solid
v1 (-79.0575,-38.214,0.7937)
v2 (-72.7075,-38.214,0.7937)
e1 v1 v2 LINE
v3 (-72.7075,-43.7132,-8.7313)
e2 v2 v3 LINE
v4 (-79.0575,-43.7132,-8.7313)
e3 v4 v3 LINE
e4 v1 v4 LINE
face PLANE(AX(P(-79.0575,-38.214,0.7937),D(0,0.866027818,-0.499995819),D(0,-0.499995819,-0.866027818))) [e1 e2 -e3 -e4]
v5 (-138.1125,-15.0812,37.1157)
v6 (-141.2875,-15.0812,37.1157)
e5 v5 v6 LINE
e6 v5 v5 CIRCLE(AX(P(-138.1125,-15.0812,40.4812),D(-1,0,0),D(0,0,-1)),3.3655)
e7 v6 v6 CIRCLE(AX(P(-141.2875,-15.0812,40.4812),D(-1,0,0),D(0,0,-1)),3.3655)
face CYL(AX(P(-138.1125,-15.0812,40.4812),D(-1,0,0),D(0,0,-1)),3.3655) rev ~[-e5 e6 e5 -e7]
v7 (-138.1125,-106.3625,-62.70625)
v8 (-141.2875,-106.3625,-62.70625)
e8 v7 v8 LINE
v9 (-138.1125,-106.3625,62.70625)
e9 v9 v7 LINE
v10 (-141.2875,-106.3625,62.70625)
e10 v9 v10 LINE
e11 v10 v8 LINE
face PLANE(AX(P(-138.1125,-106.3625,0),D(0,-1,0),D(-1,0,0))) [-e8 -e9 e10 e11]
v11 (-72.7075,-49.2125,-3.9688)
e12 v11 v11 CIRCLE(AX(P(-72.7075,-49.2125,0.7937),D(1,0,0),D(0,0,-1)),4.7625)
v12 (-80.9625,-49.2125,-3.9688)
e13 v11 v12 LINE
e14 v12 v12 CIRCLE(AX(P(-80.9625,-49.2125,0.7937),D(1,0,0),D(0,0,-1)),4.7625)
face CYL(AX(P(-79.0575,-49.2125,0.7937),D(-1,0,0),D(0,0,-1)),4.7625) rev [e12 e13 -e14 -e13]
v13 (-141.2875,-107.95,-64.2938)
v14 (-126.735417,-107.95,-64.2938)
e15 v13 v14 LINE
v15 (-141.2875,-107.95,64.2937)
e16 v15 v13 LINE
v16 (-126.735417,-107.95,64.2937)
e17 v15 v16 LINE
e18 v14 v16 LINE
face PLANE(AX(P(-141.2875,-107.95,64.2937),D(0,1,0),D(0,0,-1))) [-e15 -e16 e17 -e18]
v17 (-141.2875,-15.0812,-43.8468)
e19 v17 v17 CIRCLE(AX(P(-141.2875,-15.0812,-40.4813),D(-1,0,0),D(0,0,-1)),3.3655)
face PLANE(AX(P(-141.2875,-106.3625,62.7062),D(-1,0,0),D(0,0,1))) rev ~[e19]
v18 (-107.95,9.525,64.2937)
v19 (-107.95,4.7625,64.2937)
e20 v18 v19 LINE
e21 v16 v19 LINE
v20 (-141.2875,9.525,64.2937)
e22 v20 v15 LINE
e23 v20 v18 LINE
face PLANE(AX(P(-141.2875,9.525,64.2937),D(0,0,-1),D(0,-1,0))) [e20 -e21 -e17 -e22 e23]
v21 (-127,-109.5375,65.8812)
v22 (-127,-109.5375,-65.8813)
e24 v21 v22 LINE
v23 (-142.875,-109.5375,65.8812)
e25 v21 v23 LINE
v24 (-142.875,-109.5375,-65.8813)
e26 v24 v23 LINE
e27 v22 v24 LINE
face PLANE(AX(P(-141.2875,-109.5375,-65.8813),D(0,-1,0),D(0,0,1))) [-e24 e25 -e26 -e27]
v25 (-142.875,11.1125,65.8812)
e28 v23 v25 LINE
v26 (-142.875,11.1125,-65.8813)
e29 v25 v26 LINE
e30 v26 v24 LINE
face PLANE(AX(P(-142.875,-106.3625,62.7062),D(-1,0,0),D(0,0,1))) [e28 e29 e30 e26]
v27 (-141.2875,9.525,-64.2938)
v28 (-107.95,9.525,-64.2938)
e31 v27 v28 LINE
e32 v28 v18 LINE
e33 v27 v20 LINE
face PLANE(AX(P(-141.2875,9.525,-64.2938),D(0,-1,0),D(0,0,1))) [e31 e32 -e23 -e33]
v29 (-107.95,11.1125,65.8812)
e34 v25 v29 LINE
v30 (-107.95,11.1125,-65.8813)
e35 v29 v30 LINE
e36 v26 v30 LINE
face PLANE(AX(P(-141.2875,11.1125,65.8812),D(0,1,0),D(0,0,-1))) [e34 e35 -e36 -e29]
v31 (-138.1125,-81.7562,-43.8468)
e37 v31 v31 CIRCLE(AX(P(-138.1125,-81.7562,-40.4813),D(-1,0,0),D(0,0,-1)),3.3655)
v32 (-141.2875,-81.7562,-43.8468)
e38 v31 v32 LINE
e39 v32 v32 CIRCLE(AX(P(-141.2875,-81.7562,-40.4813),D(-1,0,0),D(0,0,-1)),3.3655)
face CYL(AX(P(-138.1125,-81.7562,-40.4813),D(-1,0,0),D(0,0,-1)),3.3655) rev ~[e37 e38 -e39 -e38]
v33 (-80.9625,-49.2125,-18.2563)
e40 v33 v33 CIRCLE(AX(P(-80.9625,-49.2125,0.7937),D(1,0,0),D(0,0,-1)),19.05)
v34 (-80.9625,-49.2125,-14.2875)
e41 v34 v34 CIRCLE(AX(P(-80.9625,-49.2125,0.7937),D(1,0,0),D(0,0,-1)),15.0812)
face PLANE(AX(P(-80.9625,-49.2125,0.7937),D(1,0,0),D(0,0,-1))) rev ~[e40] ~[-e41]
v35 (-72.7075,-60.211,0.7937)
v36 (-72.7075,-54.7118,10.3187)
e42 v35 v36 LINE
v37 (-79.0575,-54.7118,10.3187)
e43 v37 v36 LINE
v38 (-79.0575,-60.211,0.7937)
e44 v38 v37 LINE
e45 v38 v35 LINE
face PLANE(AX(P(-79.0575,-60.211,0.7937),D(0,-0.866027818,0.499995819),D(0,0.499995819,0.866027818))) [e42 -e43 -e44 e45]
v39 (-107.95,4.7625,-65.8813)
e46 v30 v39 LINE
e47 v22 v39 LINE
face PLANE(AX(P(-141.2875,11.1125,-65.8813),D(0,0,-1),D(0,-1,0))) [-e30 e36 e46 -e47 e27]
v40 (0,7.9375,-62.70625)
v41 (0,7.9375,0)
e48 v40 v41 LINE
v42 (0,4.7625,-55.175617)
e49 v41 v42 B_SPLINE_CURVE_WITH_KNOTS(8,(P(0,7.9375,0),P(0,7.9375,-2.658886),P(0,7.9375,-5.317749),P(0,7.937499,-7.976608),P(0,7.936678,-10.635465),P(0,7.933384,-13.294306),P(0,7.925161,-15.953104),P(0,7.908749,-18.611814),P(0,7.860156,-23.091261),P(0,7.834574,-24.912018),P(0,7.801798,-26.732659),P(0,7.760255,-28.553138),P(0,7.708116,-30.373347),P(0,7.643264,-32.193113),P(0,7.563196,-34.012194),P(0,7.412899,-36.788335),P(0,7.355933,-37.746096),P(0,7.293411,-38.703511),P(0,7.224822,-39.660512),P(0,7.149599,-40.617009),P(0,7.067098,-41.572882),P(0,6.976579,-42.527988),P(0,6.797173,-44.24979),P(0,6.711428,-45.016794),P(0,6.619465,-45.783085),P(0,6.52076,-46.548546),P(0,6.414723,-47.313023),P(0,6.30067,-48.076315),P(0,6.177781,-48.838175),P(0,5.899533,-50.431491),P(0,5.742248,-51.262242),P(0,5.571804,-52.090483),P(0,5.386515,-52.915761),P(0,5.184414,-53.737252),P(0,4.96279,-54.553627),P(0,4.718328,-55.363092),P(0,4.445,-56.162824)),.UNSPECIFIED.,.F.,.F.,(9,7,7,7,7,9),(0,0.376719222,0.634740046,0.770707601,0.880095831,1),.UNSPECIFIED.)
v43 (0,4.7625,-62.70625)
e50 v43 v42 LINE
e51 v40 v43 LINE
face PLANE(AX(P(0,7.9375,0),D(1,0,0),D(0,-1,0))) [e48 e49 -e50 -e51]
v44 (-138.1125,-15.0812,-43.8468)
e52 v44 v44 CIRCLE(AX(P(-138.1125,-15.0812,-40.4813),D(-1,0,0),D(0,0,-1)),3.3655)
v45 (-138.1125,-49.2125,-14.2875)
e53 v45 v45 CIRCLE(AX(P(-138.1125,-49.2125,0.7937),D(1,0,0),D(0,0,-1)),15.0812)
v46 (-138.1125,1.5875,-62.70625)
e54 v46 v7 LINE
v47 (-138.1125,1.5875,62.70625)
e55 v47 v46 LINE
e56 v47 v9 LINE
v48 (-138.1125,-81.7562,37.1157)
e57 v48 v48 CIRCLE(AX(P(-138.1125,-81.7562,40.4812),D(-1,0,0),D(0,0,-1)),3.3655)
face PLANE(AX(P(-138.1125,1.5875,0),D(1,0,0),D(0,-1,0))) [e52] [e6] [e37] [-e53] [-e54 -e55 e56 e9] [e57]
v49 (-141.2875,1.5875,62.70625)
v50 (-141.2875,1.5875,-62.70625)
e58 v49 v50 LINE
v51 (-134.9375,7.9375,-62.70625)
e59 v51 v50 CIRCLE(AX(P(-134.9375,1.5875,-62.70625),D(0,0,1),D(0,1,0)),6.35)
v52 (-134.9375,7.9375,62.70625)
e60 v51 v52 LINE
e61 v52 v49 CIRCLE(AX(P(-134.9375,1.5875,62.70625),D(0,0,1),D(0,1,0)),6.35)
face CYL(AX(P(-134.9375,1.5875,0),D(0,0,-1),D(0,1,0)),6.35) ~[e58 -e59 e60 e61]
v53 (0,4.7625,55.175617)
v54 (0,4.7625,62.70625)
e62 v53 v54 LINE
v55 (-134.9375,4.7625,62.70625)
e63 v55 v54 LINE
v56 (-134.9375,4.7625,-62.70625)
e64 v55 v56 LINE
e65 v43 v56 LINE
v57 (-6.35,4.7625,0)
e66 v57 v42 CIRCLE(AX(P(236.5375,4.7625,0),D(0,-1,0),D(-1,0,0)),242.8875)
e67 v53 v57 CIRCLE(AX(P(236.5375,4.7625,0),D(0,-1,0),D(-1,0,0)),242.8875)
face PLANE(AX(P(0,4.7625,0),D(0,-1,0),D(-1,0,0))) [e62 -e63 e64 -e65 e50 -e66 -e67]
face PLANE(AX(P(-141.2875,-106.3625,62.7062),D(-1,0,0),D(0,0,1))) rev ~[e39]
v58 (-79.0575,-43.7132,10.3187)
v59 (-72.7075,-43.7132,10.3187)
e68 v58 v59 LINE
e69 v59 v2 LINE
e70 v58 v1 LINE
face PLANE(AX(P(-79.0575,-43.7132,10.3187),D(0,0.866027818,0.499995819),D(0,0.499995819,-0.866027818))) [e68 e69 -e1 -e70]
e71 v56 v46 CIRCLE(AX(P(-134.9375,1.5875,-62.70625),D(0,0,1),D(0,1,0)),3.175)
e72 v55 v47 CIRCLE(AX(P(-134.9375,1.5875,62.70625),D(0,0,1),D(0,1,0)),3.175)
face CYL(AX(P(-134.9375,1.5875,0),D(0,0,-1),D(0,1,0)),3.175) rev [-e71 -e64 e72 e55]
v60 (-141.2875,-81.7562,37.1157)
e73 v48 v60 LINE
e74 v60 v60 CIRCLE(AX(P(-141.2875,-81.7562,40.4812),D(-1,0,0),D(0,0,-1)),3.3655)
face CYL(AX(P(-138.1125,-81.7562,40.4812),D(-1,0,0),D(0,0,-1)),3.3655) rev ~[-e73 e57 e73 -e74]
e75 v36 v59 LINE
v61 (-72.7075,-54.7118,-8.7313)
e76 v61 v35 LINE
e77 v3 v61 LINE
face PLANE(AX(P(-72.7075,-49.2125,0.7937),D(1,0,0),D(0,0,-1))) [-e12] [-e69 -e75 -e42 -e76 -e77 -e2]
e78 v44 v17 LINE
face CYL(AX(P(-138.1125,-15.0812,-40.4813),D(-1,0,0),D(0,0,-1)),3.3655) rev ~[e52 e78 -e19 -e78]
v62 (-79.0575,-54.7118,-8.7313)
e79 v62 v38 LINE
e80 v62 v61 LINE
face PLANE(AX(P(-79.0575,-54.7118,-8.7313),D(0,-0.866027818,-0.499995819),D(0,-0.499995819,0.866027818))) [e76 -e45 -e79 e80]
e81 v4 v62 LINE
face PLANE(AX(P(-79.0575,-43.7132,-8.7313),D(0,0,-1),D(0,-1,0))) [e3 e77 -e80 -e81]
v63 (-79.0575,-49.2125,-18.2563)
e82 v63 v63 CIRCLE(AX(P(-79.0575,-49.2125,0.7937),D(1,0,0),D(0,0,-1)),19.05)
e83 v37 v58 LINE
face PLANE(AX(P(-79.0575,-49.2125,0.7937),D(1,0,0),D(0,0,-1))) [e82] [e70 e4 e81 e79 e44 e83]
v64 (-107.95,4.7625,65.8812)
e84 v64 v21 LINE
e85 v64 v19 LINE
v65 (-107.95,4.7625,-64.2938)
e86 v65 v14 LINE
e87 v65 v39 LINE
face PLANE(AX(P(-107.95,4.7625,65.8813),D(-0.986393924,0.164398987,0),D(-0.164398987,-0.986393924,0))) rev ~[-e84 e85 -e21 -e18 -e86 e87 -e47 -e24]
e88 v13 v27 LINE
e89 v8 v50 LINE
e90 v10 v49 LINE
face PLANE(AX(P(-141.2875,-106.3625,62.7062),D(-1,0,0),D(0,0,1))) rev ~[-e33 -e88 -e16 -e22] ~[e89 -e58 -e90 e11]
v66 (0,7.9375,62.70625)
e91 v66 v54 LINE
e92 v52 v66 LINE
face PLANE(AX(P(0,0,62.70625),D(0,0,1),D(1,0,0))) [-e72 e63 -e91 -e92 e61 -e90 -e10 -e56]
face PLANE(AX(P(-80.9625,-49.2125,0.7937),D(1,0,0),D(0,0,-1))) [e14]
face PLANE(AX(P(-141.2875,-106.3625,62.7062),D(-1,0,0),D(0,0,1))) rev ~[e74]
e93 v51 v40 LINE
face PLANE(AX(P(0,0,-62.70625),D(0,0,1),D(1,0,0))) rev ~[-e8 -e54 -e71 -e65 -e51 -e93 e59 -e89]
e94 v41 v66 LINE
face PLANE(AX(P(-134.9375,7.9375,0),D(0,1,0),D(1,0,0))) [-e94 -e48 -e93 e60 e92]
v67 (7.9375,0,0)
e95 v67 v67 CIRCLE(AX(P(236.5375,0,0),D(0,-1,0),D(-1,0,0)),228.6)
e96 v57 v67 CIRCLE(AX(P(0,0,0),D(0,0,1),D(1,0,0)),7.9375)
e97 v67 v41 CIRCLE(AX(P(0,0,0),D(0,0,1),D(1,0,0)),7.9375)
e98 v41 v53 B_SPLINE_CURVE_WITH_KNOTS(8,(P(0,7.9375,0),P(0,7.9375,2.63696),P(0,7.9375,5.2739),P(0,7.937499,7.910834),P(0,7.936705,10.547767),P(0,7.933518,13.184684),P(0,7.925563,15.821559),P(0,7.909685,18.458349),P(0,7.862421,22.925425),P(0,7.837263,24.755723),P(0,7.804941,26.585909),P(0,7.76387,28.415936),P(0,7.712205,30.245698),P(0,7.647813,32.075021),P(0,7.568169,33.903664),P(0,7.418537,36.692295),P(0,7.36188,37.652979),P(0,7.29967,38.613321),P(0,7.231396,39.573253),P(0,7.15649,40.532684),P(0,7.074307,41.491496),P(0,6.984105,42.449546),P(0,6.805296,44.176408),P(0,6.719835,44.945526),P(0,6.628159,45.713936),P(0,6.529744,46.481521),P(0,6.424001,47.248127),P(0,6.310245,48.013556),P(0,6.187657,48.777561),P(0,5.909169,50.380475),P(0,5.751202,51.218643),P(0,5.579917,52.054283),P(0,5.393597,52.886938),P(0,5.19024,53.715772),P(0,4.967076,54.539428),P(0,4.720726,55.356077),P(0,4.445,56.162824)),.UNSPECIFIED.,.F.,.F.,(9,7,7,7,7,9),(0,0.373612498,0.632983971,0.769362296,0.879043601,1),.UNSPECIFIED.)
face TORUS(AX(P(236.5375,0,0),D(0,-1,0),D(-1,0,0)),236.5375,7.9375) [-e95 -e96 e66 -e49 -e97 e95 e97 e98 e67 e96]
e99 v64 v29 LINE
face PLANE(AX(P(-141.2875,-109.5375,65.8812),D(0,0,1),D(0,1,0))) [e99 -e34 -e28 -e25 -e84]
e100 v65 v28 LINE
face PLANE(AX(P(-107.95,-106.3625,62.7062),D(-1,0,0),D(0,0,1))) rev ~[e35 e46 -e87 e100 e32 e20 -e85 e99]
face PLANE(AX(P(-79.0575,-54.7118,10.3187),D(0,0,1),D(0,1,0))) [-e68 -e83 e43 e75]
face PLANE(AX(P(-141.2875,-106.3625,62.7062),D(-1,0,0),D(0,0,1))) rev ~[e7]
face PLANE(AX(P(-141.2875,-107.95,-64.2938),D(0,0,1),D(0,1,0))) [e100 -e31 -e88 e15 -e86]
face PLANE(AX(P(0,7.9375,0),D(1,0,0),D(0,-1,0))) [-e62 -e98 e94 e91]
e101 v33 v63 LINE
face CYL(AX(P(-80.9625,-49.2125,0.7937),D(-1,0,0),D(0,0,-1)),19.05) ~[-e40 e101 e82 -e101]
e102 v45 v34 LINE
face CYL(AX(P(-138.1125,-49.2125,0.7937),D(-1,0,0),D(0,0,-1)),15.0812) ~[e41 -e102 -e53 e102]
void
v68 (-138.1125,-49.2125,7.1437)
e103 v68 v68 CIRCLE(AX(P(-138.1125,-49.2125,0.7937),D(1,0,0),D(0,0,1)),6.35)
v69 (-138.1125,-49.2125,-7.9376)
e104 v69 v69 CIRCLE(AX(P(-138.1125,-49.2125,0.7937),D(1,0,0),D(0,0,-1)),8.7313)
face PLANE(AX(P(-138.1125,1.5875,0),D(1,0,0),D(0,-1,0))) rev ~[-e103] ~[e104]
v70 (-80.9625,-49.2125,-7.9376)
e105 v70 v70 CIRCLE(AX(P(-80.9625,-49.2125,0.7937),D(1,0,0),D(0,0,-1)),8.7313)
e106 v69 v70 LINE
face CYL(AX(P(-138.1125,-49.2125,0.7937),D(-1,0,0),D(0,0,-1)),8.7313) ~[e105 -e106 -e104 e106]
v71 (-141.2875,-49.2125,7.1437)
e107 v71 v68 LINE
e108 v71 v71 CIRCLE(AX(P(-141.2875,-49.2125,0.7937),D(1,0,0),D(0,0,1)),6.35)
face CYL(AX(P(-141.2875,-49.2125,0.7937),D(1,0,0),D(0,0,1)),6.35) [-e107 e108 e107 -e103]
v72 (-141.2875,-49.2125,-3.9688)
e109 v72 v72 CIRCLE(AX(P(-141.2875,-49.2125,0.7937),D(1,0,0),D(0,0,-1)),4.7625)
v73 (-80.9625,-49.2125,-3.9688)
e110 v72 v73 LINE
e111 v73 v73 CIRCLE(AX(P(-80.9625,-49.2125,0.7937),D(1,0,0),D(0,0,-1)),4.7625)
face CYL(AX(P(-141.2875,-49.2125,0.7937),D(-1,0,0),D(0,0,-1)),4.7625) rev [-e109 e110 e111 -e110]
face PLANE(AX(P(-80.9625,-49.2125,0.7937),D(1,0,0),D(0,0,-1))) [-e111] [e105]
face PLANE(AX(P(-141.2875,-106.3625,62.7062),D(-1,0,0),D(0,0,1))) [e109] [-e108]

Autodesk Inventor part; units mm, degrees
ref_plane "YZ Plane" through (0, 0, 0) normal (1, 0, 0) x (0, 1, 0)
ref_plane "XZ Plane" through (0, 0, 0) normal (0, 1, 0) x (-1, 0, 0)
ref_plane "XY Plane" through (0, 0, 0) normal (0, 0, 1) x (1, 0, 0)
sketch "Sketch1" plane through (0, 0, 0) normal (0, 0, 1) x (1, 0, 0)
  circle A0 centre (0, 0) radius 7.9375
  line L0 (236.5375, 47.7842) -> (236.5375, -114.9552)
  dimension "d0" = 228.6
  dimension "d1" = 15.875
revolve "Revolution1" add sketch "Sketch1" angle 360 about axis through (236.5375, 47.7842, 0) along (0, -1, 0)
sketch "Sketch2" plane through (0, 0, 0) normal (0, 0, 1) x (1, 0, 0)
  line L0 (0, 4.7625) -> (-134.9375, 4.7625)
  line L1 (-138.1125, 1.5875) -> (-138.1125, -106.3625)
  line L2 (-138.1125, -106.3625) -> (-141.2875, -106.3625)
  line L3 (-141.2875, -106.3625) -> (-141.2875, 1.5875)
  line L4 (-134.9375, 7.9375) -> (0, 7.9375)
  line L5 (0, 7.9375) -> (0, 4.7625)
  arc A0 (-134.9375, 4.7625) -> (-138.1125, 1.5875) centre (-134.9375, 1.5875) ccw
  arc A1 (-134.9375, 7.9375) -> (-141.2875, 1.5875) centre (-134.9375, 1.5875) ccw
  point P0 (0, 0)
  point P1 (-138.1125, 4.7625)
  dimension "d5" = 0
  dimension "d6" = 7.9375
  dimension "d7" = 3.175
  dimension "d8" = 3.175
  dimension "d9" = 6.35
  dimension "d27" = 114.3
  dimension "d28" = 141.2875
extrude "Extrusion1" add sketch "Sketch2" along normal mid plane 125.4125
sketch "Sketch3" plane through (-141.2875, -106.3625, 62.7062) normal (-1, 0, 0) x (0, 0, 1)
  line L0 (0, 0) -> (0, 107.95) projected
  line L1 (0, 107.95) -> (-125.4125, 107.95) projected
  line L2 (-125.4125, 107.95) -> (-125.4125, 0) projected
  line L3 (0, 0) -> (-125.4125, 0) projected
  line L4 (0, 114.3) -> (-125.4125, 114.3) projected
  line L5 (-125.4125, 107.95) -> (-125.4125, 114.3) projected
  line L6 (0, 114.3) -> (0, 107.95) projected
  arc A0 (-103.9113, 100.9746) -> (-110.4012, 84.7629) centre (-107.1562, 92.8687) ccw
  arc A1 (-102.47, 81.5879) -> (-95.9802, 97.7996) centre (-99.2251, 89.6937) ccw
  arc A2 (-29.4323, 97.7996) -> (-22.9425, 81.5879) centre (-26.1874, 89.6937) ccw
  arc A3 (-15.0113, 84.7629) -> (-21.5012, 100.9746) centre (-18.2562, 92.8687) ccw
  arc A4 (-110.4012, 31.1246) -> (-103.9113, 14.9129) centre (-107.1562, 23.0187) ccw
  arc A5 (-95.9802, 18.0879) -> (-102.47, 34.2996) centre (-99.2251, 26.1937) ccw
  arc A6 (-22.9425, 34.2996) -> (-29.4323, 18.0879) centre (-26.1874, 26.1937) ccw
  arc A7 (-21.5012, 14.9129) -> (-15.0113, 31.1246) centre (-18.2562, 23.0187) ccw
  line L7 (-110.4012, 84.7629) -> (-102.47, 81.5879)
  line L8 (-103.9113, 100.9746) -> (-95.9802, 97.7996)
  line L9 (-21.5012, 100.9746) -> (-29.4323, 97.7996)
  line L10 (-15.0113, 84.7629) -> (-22.9425, 81.5879)
  line L11 (-22.9425, 34.2996) -> (-15.0113, 31.1246)
  line L12 (-21.5012, 14.9129) -> (-29.4323, 18.0879)
  line L13 (-103.9113, 14.9129) -> (-95.9802, 18.0879)
  line L14 (-102.47, 34.2996) -> (-110.4012, 31.1246)
  line L15 (-107.1562, 23.0187) -> (-107.1562, 92.8687)
  line L16 (-99.2251, 26.1937) -> (-99.2251, 89.6937)
  line L17 (-26.1874, 26.1937) -> (-26.1874, 89.6937)
  line L18 (-18.2562, 23.0187) -> (-18.2562, 92.8687)
  line L19 (-99.2251, 89.6937) -> (-26.1874, 89.6937)
  line L20 (-107.1562, 92.8687) -> (-18.2562, 92.8687)
  line L21 (-99.2251, 26.1937) -> (-26.1874, 26.1937)
  line L22 (-107.1562, 23.0187) -> (-18.2562, 23.0187)
  dimension "d29" = 106.3625
  dimension "d30" = 55.5752
  dimension "d31" = 87.3125
  dimension "d32" = 46.0375
  dimension "d33" = 17.4625
  dimension "d34" = 9.525
  dimension "d35" = 12.7
  dimension "d36" = 9.525
  dimension "d37" = 33.3375
  dimension "d38" = 79.375
  dimension "d39" = 34.9186
hole "Hole1" at (-138.1125, -15.0812, 40.4812) direction (-1, 0, 0) diameter 6.731 end through all
pattern_linear "Rectangular Pattern1" count 2 spacing 80.9625 along (0, 0, -1) count 2 spacing 66.675 along (0, -1, 0) of "Hole1"
hole "Hole2" at (-141.2875, -49.2125, 0.7937) direction (1, 0, 0) diameter 12.7 depth 25.4 tip angle 118
sketch "Sketch4" plane through (-141.2875, -106.3625, 62.7062) normal (-1, 0, 0) x (0, 0, 1)
  line L0 (0, 0) -> (0, 107.95) projected
  line L1 (-125.4125, 107.95) -> (-125.4125, 0) projected
  line L2 (0, 0) -> (-125.4125, 0) projected
  line L3 (-128.5875, -3.175) -> (3.175, -3.175)
  line L4 (3.175, -3.175) -> (3.175, 117.475)
  line L5 (3.175, 117.475) -> (-128.5875, 117.475)
  line L6 (-128.5875, 117.475) -> (-128.5875, -3.175)
  line L7 (0, 114.3) -> (-125.4125, 114.3) projected
  line L8 (-127, 115.8875) -> (1.5875, 115.8875)
  line L9 (1.5875, 115.8875) -> (1.5875, -1.5875)
  line L10 (1.5875, -1.5875) -> (-127, -1.5875)
  line L11 (-127, -1.5875) -> (-127, 115.8875)
  point P0 (-62.7062, 106.3625)
  dimension "d49" = 3.175
  dimension "d50" = 3.175
  dimension "d51" = 3.175
  dimension "d52" = 3.175
  dimension "d53" = 1.5875
extrude "Extrusion2" add sketch "Sketch4" along normal blind 1.5875 contours L6 L5 L4 L3 | L8 L9 L10 L11
extrude "Extrusion3" add sketch "Sketch4" against normal blind 33.3375
sketch "Sketch8" plane through (-142.875, -109.5375, 65.8813) normal (0, 0, 1) x (1, 0, 0)
  line L0 (0, 120.65) -> (0, 0) projected
  line L1 (34.925, 0) -> (0, 0) projected
  line L2 (34.925, 0) -> (34.925, 120.65) projected
  line L3 (34.925, 120.65) -> (0, 120.65) projected
  line L4 (34.925, 114.3) -> (15.875, 0)
  line L5 (34.925, 0) -> (34.925, 114.3)
  line L6 (15.875, 0) -> (34.925, 0)
  point P0 (142.875, 109.5375)
  dimension "d67" = 6.35
  dimension "d68" = 15.875
extrude "Extrusion7" cut sketch "Sketch8" against normal through all contours L4 L2 L1
sketch "Sketch5" plane through (-141.2875, -49.2125, 0.7937) normal (1, 0, 0) x (0, 0, -1)
  circle A0 centre (0, 0) radius 6.35 projected
  circle A1 centre (0, 0) radius 4.7625
  point P0 (0.7937, 49.2125)
  dimension "d58" = 9.525
extrude "Extrusion4" add sketch "Sketch5" along normal blind 60.325 contours A1
sketch "Sketch6" plane through (-80.9625, -49.2125, 0.7937) normal (1, 0, 0) x (0, 0, -1)
  circle A0 centre (0, 0) radius 4.7625 projected
  circle A1 centre (0, 0) radius 19.05
  point P0 (0.7937, 49.2125)
  dimension "d61" = 38.1
extrude "Extrusion5" add sketch "Sketch6" along normal blind 1.905
sketch "Sketch7" plane through (-79.0575, -49.2125, 0.7937) normal (1, 0, 0) x (0, 0, -1)
  circle A0 centre (0, 0) radius 4.7625 projected
  circle A1 centre (0, 0) radius 19.05 projected
  line L0 (0, 10.9985) -> (9.525, 5.4993)
  line L1 (9.525, 5.4993) -> (9.525, -5.4993)
  line L2 (9.525, -5.4993) -> (0, -10.9985)
  line L3 (0, -10.9985) -> (-9.525, -5.4993)
  line L4 (-9.525, -5.4993) -> (-9.525, 5.4993)
  line L5 (-9.525, 5.4993) -> (0, 10.9985)
  point P0 (0.7937, 49.2125)
  dimension "d64" = 19.05
extrude "Extrusion6" add sketch "Sketch7" along normal blind 6.35 contours L0 L1 L2 L3 L4 L5
sketch "Sketch9" plane through (-138.1125, -106.3625, 62.7062) normal (1, 0, 0) x (0, 0, -1)
  circle A0 centre (61.9125, 57.15) radius 6.35 projected
  circle A1 centre (61.9125, 57.15) radius 15.0812
  circle A2 centre (61.9125, 57.15) radius 8.7313
  point P0 (62.7062, 106.3625)
  dimension "d71" = 30.1625
  dimension "d72" = 17.4625
extrude "Extrusion8" add sketch "Sketch9" along normal blind 57.15 contours A1
equation "\"d50\" = d49"
equation "\"d51\" = d49"
equation "\"d52\" = d49"
properties part number "GE-12013"
